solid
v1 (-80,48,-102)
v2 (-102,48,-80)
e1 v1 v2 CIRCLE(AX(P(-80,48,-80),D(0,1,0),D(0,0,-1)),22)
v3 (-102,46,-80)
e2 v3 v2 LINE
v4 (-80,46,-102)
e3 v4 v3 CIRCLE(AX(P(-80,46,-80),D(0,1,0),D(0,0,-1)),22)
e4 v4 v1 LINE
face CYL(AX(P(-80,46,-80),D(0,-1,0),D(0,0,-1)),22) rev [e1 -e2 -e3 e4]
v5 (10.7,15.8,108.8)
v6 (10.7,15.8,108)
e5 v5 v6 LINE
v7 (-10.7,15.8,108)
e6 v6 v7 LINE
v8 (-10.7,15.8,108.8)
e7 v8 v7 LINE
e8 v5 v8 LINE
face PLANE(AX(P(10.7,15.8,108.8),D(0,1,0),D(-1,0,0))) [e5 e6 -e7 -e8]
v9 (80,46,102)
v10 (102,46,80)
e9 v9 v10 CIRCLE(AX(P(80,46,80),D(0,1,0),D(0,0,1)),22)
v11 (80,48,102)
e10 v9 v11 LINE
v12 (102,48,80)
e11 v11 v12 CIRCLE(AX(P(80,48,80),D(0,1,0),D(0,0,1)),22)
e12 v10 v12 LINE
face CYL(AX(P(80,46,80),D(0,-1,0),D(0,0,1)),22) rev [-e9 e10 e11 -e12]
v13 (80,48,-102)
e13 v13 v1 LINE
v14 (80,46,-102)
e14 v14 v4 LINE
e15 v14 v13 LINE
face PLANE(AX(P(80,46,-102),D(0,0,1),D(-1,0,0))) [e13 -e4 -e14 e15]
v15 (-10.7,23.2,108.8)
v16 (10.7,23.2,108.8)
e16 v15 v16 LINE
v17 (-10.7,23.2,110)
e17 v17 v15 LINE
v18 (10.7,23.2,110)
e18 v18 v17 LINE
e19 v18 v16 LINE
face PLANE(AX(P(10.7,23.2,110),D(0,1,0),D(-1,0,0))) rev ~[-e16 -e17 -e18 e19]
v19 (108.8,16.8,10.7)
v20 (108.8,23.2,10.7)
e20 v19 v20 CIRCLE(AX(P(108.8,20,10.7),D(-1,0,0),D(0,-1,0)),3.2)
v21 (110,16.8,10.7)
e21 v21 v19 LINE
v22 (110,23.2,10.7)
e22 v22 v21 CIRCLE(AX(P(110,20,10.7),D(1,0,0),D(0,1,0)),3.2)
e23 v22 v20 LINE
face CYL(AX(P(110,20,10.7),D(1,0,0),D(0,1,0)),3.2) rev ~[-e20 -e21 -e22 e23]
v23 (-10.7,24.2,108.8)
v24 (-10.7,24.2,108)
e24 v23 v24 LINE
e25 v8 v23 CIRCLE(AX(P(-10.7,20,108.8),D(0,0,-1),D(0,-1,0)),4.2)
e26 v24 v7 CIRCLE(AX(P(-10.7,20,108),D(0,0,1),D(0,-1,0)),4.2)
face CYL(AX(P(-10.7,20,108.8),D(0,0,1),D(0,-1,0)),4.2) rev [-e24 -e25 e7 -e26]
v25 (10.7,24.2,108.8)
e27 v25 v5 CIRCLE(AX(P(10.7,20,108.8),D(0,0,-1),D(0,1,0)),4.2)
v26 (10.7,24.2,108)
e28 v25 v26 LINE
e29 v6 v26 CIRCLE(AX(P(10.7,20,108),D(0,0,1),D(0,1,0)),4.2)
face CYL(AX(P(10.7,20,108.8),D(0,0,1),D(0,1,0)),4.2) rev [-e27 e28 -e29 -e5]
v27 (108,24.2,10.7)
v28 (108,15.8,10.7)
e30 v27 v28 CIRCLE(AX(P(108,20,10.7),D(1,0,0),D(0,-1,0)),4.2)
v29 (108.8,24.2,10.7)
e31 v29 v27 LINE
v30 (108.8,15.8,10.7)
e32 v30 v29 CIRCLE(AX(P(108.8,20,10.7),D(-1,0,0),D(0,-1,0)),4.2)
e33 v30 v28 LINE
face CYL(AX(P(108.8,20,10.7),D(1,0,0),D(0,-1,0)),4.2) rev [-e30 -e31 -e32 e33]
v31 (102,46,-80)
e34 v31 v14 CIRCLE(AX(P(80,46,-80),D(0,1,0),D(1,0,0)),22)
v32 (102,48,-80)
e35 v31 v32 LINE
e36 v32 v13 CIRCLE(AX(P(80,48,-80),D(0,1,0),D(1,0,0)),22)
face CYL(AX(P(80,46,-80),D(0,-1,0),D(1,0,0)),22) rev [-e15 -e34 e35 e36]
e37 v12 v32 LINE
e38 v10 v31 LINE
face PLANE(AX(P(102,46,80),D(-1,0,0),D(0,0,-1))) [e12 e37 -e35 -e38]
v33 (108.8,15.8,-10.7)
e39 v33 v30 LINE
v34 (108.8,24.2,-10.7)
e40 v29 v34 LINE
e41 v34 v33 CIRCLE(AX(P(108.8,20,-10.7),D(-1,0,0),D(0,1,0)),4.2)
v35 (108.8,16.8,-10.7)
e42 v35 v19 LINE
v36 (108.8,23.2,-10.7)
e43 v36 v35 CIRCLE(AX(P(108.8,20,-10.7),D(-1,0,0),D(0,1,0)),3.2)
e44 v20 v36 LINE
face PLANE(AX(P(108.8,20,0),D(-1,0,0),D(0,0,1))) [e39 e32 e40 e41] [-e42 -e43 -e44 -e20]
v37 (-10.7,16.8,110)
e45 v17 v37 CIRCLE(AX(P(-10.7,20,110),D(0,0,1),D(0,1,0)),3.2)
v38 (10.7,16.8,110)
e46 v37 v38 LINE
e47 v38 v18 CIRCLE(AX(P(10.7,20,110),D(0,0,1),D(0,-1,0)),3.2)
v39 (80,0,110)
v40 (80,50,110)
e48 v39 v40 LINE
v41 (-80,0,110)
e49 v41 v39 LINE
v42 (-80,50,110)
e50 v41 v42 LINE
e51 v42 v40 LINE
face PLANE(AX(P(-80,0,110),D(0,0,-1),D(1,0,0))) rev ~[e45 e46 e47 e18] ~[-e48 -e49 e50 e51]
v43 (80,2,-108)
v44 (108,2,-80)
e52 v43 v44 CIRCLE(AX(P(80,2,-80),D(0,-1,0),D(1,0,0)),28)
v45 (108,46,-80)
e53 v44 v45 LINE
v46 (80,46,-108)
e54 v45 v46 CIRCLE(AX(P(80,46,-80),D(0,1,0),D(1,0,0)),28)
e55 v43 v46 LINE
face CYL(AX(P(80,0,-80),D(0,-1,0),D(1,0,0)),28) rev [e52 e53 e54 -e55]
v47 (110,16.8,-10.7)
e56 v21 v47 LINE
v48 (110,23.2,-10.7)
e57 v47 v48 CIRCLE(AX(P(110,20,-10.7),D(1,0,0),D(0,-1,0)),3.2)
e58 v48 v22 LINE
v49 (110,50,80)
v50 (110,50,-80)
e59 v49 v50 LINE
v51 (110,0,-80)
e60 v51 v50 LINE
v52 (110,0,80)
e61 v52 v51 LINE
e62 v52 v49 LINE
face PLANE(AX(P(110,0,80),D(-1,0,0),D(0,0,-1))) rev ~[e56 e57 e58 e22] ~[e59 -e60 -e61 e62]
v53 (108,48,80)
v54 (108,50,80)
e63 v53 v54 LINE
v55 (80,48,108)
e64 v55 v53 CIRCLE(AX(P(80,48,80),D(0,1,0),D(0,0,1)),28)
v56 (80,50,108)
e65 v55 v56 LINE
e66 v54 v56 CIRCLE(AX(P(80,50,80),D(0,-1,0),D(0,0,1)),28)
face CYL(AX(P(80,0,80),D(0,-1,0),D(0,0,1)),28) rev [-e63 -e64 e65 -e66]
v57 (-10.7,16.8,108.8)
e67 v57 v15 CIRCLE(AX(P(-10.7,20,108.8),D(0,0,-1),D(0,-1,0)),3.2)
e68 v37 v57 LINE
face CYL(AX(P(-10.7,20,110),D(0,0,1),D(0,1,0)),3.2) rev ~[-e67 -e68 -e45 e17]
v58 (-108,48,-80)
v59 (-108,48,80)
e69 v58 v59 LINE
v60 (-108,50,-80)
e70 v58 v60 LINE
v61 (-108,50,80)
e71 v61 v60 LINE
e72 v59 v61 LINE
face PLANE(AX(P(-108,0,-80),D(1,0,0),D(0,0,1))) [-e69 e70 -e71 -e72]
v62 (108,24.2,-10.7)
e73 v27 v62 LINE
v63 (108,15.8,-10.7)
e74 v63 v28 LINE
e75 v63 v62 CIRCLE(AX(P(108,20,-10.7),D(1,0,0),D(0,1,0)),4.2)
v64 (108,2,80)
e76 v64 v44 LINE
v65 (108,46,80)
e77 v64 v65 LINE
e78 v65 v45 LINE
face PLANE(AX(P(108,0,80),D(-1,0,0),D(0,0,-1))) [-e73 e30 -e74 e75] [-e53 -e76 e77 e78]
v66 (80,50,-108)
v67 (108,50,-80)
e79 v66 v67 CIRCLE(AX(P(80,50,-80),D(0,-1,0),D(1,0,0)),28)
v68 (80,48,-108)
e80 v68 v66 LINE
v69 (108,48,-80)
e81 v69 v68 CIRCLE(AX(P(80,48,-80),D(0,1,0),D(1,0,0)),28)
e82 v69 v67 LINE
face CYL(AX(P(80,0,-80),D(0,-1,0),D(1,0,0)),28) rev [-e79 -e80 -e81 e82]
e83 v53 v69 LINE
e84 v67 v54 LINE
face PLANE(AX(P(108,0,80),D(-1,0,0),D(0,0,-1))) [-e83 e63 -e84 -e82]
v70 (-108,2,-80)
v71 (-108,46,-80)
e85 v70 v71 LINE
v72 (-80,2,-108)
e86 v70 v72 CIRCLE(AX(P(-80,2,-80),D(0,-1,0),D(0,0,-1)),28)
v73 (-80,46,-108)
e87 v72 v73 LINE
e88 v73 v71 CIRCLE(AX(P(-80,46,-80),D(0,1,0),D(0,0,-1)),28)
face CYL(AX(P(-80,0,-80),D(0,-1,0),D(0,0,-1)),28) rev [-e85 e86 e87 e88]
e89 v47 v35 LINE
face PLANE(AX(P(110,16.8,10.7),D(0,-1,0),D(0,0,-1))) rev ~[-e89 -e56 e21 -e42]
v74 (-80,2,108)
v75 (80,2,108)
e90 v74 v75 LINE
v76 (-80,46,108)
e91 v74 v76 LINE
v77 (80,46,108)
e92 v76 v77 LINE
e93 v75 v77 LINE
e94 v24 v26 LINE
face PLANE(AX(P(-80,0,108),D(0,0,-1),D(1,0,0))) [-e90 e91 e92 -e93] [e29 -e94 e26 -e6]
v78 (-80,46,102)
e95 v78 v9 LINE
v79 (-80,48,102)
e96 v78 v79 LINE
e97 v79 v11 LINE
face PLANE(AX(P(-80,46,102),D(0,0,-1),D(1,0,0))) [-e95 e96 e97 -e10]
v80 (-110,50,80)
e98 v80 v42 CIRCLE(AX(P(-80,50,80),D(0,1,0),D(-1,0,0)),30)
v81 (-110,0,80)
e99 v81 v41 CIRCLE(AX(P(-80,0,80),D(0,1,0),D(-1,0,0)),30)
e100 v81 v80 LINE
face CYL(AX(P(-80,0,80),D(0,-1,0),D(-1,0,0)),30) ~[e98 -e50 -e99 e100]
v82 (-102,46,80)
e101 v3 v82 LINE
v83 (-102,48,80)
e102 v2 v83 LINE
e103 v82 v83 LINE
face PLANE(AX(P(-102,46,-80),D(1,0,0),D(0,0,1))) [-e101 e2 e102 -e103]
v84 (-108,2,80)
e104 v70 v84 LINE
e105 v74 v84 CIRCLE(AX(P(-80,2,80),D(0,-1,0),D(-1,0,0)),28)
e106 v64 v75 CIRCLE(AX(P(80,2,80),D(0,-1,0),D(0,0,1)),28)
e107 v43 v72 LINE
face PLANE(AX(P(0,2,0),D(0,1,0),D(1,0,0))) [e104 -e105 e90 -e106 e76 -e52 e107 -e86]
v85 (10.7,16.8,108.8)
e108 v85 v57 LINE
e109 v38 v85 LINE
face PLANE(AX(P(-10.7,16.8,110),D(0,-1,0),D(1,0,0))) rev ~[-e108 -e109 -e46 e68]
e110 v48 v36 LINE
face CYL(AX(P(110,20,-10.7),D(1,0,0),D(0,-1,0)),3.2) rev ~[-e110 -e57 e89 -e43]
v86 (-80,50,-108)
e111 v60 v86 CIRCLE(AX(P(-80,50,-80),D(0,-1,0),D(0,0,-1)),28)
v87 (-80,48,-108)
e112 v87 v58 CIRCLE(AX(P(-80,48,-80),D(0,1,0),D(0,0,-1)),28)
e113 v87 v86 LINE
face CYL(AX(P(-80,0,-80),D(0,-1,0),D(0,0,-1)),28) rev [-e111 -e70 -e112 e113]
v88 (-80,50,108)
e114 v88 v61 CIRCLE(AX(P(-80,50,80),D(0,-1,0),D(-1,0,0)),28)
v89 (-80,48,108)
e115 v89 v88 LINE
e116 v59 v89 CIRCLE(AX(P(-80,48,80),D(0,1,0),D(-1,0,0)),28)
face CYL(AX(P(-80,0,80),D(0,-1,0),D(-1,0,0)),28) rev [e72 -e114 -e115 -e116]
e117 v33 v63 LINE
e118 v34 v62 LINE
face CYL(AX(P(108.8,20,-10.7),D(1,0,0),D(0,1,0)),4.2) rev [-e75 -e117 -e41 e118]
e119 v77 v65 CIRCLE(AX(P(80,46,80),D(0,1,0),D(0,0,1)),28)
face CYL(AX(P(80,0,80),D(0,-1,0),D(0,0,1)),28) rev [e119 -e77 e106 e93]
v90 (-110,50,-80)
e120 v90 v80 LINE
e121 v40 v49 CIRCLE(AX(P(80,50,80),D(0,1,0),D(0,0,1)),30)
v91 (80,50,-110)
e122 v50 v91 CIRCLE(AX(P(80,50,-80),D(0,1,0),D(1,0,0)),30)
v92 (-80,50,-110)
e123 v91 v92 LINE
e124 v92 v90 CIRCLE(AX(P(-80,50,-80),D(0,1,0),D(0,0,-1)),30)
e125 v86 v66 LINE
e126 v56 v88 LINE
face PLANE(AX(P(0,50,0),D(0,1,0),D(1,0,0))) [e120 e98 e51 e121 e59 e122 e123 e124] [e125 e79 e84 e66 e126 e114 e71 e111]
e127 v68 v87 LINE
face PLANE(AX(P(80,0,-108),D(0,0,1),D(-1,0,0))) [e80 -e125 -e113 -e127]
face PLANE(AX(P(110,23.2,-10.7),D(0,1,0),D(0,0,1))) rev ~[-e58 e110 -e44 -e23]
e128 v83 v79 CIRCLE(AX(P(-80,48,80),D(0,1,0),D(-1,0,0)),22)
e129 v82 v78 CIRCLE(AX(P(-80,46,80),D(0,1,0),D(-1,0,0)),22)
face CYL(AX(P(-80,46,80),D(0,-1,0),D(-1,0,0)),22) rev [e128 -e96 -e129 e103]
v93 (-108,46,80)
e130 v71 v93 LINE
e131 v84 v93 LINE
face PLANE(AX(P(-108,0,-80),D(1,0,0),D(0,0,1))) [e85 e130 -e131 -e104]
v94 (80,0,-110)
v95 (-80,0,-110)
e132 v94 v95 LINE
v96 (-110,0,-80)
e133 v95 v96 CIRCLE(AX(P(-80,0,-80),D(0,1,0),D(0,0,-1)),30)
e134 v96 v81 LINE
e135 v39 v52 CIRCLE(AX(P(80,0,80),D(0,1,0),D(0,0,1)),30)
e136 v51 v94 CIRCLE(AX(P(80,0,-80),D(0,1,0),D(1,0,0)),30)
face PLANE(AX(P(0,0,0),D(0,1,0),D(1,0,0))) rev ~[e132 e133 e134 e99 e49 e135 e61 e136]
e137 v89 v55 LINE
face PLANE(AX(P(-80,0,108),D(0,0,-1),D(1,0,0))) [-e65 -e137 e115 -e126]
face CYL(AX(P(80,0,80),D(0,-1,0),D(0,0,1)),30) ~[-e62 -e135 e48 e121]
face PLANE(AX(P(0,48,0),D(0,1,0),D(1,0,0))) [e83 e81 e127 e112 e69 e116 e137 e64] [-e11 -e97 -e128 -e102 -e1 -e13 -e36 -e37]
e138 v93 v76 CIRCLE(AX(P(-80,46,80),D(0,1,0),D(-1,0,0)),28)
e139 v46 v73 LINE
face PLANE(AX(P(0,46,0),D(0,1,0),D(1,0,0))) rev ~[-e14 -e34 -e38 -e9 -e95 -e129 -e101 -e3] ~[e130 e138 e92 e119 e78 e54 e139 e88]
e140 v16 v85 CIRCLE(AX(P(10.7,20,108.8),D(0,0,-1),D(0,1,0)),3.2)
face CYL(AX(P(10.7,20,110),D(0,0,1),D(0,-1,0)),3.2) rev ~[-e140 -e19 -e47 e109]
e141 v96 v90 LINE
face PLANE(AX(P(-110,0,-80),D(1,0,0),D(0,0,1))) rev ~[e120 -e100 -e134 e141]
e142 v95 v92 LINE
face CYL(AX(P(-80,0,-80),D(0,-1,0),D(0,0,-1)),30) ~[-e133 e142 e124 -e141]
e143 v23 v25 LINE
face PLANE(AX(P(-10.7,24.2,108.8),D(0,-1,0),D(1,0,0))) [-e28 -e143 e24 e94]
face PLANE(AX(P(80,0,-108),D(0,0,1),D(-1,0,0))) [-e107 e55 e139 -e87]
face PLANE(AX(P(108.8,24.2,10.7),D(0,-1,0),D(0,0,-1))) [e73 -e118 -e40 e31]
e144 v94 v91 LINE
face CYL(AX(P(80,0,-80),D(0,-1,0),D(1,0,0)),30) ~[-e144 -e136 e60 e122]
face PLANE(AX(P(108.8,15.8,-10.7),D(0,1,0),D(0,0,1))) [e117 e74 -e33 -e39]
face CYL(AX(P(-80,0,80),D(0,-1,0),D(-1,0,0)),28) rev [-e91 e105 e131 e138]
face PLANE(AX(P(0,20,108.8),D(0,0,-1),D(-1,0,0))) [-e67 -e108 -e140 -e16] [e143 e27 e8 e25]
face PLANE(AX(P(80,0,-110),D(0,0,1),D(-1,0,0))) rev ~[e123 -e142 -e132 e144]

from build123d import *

# Parameters (mm, degrees)
BOSS_EXTRUDE1_DEPTH = 50
SHELL1_T            = -2
CUT_EXTRUDE2_DEPTH  = 5
CUT_EXTRUDE4_DEPTH  = 5
BOSS_EXTRUDE3_START = 44
BOSS_EXTRUDE3_DEPTH = 2
CUT_EXTRUDE6_REACH  = 254.198
CUT_EXTRUDE6_START  = -1.2
CUT_EXTRUDE7_REACH  = 254.198
CUT_EXTRUDE7_START  = -1.2


with BuildPart() as part:
    # Sketch1 → Boss-Extrude1 (new body)
    with BuildSketch(Plane(origin=(0, 0, 0), x_dir=(1, 0, 0), z_dir=(0, 1, 0))):
        with BuildLine():
            Line((-80, -110), (80, -110))
            ThreePointArc((80, -110), (101.213203436, -101.213203436), (110, -80))
            Line((110, -80), (110, 80))
            ThreePointArc((110, 80), (101.213203436, 101.213203436), (80, 110))
            Line((80, 110), (-80, 110))
            ThreePointArc((-80, 110), (-101.213203436, 101.213203436), (-110, 80))
            Line((-110, 80), (-110, -80))
            ThreePointArc((-110, -80), (-101.213203436, -101.213203436), (-80, -110))
        make_face()
    extrude(amount=BOSS_EXTRUDE1_DEPTH)

    # Shell1
    shell1_openings = [part.faces().sort_by_distance(p)[0] for p in [
        (0, 50, 0),
    ]]
    offset(amount=SHELL1_T, openings=shell1_openings, kind=Kind.INTERSECTION)

    # Sketch5 → Cut-Extrude2 (cut)
    with BuildSketch(Plane(origin=(110, 0, 0), x_dir=(0, 0, -1), z_dir=(1, 0, 0))):
        with BuildLine():
            Line((-10.7, 16.8), (10.7, 16.8))
            ThreePointArc((10.7, 16.8), (13.9, 20), (10.7, 23.2))
            Line((10.7, 23.2), (-10.7, 23.2))
            ThreePointArc((-10.7, 23.2), (-13.9, 20), (-10.7, 16.8))
        make_face()
    extrude(amount=-CUT_EXTRUDE2_DEPTH, mode=Mode.SUBTRACT)

    # Sketch7 → Cut-Extrude4 (cut)
    with BuildSketch(Plane.XY.offset(110)):
        with BuildLine():
            Line((-10.7, 16.8), (10.7, 16.8))
            ThreePointArc((10.7, 16.8), (13.9, 20), (10.7, 23.2))
            Line((10.7, 23.2), (-10.7, 23.2))
            ThreePointArc((-10.7, 23.2), (-13.9, 20), (-10.7, 16.8))
        make_face()
    extrude(amount=-CUT_EXTRUDE4_DEPTH, mode=Mode.SUBTRACT)

    # Sketch8 → Boss-Extrude3 (add)
    with BuildSketch(Plane(origin=(0, 2, 0), x_dir=(1, 0, 0), z_dir=(0, 1, 0)).offset(BOSS_EXTRUDE3_START)):
        with BuildLine():
            Line((80, 108), (-80, 108))
            ThreePointArc((-80, 108), (-99.798989873, 99.798989873), (-108, 80))
            Line((-108, 80), (-108, -80))
            ThreePointArc((-108, -80), (-99.798989873, -99.798989873), (-80, -108))
            Line((-80, -108), (80, -108))
            ThreePointArc((80, -108), (99.798989873, -99.798989873), (108, -80))
            Line((108, -80), (108, 80))
            ThreePointArc((108, 80), (99.798989873, 99.798989873), (80, 108))
        make_face()
        with BuildLine():
            Line((-102, 80), (-102, -80))
            ThreePointArc((-102, -80), (-95.556349186, -95.556349186), (-80, -102))
            Line((-80, -102), (80, -102))
            ThreePointArc((80, -102), (95.556349186, -95.556349186), (102, -80))
            Line((102, -80), (102, 80))
            ThreePointArc((102, 80), (95.556349186, 95.556349186), (80, 102))
            Line((80, 102), (-80, 102))
            ThreePointArc((-80, 102), (-95.556349186, 95.556349186), (-102, 80))
        make_face(mode=Mode.SUBTRACT)
    extrude(amount=BOSS_EXTRUDE3_DEPTH)

    # Sketch5<5> → Cut-Extrude6 (cut, up to next)
    with BuildSketch(Plane(origin=(110, 0, 0), x_dir=(0, 0, -1), z_dir=(1, 0, 0)).offset(CUT_EXTRUDE6_START), mode=Mode.PRIVATE) as cut_extrude6_sk1:
        with BuildLine():
            Line((-10.7, 24.2), (10.7, 24.2))
            ThreePointArc((10.7, 24.2), (14.9, 20), (10.7, 15.8))
            Line((10.7, 15.8), (-10.7, 15.8))
            ThreePointArc((-10.7, 15.8), (-14.9, 20), (-10.7, 24.2))
        make_face()
        with BuildLine():
            Line((-10.7, 23.2), (10.7, 23.2))
            ThreePointArc((10.7, 23.2), (13.9, 20), (10.7, 16.8))
            Line((10.7, 16.8), (-10.7, 16.8))
            ThreePointArc((-10.7, 16.8), (-13.9, 20), (-10.7, 23.2))
        make_face(mode=Mode.SUBTRACT)
    cut_extrude6_tool1 = extrude(cut_extrude6_sk1.sketch, amount=-CUT_EXTRUDE6_REACH, mode=Mode.PRIVATE) & part.part
    add(cut_extrude6_tool1.solids().sort_by_distance((108.8, 20, 14.590387))[0], mode=Mode.SUBTRACT)

    # Sketch7<3> → Cut-Extrude7 (cut, up to next)
    with BuildSketch(Plane.XY.offset(110).offset(CUT_EXTRUDE7_START), mode=Mode.PRIVATE) as cut_extrude7_sk1:
        with BuildLine():
            Line((-10.7, 24.2), (10.7, 24.2))
            ThreePointArc((10.7, 24.2), (14.9, 20), (10.7, 15.8))
            Line((10.7, 15.8), (-10.7, 15.8))
            ThreePointArc((-10.7, 15.8), (-14.9, 20), (-10.7, 24.2))
        make_face()
        with BuildLine():
            Line((-10.7, 23.2), (10.7, 23.2))
            ThreePointArc((10.7, 23.2), (13.9, 20), (10.7, 16.8))
            Line((10.7, 16.8), (-10.7, 16.8))
            ThreePointArc((-10.7, 16.8), (-13.9, 20), (-10.7, 23.2))
        make_face(mode=Mode.SUBTRACT)
    cut_extrude7_tool1 = extrude(cut_extrude7_sk1.sketch, amount=-CUT_EXTRUDE7_REACH, mode=Mode.PRIVATE) & part.part
    add(cut_extrude7_tool1.solids().sort_by_distance((0, 23.890387, 108.8))[0], mode=Mode.SUBTRACT)


solid = part.part
